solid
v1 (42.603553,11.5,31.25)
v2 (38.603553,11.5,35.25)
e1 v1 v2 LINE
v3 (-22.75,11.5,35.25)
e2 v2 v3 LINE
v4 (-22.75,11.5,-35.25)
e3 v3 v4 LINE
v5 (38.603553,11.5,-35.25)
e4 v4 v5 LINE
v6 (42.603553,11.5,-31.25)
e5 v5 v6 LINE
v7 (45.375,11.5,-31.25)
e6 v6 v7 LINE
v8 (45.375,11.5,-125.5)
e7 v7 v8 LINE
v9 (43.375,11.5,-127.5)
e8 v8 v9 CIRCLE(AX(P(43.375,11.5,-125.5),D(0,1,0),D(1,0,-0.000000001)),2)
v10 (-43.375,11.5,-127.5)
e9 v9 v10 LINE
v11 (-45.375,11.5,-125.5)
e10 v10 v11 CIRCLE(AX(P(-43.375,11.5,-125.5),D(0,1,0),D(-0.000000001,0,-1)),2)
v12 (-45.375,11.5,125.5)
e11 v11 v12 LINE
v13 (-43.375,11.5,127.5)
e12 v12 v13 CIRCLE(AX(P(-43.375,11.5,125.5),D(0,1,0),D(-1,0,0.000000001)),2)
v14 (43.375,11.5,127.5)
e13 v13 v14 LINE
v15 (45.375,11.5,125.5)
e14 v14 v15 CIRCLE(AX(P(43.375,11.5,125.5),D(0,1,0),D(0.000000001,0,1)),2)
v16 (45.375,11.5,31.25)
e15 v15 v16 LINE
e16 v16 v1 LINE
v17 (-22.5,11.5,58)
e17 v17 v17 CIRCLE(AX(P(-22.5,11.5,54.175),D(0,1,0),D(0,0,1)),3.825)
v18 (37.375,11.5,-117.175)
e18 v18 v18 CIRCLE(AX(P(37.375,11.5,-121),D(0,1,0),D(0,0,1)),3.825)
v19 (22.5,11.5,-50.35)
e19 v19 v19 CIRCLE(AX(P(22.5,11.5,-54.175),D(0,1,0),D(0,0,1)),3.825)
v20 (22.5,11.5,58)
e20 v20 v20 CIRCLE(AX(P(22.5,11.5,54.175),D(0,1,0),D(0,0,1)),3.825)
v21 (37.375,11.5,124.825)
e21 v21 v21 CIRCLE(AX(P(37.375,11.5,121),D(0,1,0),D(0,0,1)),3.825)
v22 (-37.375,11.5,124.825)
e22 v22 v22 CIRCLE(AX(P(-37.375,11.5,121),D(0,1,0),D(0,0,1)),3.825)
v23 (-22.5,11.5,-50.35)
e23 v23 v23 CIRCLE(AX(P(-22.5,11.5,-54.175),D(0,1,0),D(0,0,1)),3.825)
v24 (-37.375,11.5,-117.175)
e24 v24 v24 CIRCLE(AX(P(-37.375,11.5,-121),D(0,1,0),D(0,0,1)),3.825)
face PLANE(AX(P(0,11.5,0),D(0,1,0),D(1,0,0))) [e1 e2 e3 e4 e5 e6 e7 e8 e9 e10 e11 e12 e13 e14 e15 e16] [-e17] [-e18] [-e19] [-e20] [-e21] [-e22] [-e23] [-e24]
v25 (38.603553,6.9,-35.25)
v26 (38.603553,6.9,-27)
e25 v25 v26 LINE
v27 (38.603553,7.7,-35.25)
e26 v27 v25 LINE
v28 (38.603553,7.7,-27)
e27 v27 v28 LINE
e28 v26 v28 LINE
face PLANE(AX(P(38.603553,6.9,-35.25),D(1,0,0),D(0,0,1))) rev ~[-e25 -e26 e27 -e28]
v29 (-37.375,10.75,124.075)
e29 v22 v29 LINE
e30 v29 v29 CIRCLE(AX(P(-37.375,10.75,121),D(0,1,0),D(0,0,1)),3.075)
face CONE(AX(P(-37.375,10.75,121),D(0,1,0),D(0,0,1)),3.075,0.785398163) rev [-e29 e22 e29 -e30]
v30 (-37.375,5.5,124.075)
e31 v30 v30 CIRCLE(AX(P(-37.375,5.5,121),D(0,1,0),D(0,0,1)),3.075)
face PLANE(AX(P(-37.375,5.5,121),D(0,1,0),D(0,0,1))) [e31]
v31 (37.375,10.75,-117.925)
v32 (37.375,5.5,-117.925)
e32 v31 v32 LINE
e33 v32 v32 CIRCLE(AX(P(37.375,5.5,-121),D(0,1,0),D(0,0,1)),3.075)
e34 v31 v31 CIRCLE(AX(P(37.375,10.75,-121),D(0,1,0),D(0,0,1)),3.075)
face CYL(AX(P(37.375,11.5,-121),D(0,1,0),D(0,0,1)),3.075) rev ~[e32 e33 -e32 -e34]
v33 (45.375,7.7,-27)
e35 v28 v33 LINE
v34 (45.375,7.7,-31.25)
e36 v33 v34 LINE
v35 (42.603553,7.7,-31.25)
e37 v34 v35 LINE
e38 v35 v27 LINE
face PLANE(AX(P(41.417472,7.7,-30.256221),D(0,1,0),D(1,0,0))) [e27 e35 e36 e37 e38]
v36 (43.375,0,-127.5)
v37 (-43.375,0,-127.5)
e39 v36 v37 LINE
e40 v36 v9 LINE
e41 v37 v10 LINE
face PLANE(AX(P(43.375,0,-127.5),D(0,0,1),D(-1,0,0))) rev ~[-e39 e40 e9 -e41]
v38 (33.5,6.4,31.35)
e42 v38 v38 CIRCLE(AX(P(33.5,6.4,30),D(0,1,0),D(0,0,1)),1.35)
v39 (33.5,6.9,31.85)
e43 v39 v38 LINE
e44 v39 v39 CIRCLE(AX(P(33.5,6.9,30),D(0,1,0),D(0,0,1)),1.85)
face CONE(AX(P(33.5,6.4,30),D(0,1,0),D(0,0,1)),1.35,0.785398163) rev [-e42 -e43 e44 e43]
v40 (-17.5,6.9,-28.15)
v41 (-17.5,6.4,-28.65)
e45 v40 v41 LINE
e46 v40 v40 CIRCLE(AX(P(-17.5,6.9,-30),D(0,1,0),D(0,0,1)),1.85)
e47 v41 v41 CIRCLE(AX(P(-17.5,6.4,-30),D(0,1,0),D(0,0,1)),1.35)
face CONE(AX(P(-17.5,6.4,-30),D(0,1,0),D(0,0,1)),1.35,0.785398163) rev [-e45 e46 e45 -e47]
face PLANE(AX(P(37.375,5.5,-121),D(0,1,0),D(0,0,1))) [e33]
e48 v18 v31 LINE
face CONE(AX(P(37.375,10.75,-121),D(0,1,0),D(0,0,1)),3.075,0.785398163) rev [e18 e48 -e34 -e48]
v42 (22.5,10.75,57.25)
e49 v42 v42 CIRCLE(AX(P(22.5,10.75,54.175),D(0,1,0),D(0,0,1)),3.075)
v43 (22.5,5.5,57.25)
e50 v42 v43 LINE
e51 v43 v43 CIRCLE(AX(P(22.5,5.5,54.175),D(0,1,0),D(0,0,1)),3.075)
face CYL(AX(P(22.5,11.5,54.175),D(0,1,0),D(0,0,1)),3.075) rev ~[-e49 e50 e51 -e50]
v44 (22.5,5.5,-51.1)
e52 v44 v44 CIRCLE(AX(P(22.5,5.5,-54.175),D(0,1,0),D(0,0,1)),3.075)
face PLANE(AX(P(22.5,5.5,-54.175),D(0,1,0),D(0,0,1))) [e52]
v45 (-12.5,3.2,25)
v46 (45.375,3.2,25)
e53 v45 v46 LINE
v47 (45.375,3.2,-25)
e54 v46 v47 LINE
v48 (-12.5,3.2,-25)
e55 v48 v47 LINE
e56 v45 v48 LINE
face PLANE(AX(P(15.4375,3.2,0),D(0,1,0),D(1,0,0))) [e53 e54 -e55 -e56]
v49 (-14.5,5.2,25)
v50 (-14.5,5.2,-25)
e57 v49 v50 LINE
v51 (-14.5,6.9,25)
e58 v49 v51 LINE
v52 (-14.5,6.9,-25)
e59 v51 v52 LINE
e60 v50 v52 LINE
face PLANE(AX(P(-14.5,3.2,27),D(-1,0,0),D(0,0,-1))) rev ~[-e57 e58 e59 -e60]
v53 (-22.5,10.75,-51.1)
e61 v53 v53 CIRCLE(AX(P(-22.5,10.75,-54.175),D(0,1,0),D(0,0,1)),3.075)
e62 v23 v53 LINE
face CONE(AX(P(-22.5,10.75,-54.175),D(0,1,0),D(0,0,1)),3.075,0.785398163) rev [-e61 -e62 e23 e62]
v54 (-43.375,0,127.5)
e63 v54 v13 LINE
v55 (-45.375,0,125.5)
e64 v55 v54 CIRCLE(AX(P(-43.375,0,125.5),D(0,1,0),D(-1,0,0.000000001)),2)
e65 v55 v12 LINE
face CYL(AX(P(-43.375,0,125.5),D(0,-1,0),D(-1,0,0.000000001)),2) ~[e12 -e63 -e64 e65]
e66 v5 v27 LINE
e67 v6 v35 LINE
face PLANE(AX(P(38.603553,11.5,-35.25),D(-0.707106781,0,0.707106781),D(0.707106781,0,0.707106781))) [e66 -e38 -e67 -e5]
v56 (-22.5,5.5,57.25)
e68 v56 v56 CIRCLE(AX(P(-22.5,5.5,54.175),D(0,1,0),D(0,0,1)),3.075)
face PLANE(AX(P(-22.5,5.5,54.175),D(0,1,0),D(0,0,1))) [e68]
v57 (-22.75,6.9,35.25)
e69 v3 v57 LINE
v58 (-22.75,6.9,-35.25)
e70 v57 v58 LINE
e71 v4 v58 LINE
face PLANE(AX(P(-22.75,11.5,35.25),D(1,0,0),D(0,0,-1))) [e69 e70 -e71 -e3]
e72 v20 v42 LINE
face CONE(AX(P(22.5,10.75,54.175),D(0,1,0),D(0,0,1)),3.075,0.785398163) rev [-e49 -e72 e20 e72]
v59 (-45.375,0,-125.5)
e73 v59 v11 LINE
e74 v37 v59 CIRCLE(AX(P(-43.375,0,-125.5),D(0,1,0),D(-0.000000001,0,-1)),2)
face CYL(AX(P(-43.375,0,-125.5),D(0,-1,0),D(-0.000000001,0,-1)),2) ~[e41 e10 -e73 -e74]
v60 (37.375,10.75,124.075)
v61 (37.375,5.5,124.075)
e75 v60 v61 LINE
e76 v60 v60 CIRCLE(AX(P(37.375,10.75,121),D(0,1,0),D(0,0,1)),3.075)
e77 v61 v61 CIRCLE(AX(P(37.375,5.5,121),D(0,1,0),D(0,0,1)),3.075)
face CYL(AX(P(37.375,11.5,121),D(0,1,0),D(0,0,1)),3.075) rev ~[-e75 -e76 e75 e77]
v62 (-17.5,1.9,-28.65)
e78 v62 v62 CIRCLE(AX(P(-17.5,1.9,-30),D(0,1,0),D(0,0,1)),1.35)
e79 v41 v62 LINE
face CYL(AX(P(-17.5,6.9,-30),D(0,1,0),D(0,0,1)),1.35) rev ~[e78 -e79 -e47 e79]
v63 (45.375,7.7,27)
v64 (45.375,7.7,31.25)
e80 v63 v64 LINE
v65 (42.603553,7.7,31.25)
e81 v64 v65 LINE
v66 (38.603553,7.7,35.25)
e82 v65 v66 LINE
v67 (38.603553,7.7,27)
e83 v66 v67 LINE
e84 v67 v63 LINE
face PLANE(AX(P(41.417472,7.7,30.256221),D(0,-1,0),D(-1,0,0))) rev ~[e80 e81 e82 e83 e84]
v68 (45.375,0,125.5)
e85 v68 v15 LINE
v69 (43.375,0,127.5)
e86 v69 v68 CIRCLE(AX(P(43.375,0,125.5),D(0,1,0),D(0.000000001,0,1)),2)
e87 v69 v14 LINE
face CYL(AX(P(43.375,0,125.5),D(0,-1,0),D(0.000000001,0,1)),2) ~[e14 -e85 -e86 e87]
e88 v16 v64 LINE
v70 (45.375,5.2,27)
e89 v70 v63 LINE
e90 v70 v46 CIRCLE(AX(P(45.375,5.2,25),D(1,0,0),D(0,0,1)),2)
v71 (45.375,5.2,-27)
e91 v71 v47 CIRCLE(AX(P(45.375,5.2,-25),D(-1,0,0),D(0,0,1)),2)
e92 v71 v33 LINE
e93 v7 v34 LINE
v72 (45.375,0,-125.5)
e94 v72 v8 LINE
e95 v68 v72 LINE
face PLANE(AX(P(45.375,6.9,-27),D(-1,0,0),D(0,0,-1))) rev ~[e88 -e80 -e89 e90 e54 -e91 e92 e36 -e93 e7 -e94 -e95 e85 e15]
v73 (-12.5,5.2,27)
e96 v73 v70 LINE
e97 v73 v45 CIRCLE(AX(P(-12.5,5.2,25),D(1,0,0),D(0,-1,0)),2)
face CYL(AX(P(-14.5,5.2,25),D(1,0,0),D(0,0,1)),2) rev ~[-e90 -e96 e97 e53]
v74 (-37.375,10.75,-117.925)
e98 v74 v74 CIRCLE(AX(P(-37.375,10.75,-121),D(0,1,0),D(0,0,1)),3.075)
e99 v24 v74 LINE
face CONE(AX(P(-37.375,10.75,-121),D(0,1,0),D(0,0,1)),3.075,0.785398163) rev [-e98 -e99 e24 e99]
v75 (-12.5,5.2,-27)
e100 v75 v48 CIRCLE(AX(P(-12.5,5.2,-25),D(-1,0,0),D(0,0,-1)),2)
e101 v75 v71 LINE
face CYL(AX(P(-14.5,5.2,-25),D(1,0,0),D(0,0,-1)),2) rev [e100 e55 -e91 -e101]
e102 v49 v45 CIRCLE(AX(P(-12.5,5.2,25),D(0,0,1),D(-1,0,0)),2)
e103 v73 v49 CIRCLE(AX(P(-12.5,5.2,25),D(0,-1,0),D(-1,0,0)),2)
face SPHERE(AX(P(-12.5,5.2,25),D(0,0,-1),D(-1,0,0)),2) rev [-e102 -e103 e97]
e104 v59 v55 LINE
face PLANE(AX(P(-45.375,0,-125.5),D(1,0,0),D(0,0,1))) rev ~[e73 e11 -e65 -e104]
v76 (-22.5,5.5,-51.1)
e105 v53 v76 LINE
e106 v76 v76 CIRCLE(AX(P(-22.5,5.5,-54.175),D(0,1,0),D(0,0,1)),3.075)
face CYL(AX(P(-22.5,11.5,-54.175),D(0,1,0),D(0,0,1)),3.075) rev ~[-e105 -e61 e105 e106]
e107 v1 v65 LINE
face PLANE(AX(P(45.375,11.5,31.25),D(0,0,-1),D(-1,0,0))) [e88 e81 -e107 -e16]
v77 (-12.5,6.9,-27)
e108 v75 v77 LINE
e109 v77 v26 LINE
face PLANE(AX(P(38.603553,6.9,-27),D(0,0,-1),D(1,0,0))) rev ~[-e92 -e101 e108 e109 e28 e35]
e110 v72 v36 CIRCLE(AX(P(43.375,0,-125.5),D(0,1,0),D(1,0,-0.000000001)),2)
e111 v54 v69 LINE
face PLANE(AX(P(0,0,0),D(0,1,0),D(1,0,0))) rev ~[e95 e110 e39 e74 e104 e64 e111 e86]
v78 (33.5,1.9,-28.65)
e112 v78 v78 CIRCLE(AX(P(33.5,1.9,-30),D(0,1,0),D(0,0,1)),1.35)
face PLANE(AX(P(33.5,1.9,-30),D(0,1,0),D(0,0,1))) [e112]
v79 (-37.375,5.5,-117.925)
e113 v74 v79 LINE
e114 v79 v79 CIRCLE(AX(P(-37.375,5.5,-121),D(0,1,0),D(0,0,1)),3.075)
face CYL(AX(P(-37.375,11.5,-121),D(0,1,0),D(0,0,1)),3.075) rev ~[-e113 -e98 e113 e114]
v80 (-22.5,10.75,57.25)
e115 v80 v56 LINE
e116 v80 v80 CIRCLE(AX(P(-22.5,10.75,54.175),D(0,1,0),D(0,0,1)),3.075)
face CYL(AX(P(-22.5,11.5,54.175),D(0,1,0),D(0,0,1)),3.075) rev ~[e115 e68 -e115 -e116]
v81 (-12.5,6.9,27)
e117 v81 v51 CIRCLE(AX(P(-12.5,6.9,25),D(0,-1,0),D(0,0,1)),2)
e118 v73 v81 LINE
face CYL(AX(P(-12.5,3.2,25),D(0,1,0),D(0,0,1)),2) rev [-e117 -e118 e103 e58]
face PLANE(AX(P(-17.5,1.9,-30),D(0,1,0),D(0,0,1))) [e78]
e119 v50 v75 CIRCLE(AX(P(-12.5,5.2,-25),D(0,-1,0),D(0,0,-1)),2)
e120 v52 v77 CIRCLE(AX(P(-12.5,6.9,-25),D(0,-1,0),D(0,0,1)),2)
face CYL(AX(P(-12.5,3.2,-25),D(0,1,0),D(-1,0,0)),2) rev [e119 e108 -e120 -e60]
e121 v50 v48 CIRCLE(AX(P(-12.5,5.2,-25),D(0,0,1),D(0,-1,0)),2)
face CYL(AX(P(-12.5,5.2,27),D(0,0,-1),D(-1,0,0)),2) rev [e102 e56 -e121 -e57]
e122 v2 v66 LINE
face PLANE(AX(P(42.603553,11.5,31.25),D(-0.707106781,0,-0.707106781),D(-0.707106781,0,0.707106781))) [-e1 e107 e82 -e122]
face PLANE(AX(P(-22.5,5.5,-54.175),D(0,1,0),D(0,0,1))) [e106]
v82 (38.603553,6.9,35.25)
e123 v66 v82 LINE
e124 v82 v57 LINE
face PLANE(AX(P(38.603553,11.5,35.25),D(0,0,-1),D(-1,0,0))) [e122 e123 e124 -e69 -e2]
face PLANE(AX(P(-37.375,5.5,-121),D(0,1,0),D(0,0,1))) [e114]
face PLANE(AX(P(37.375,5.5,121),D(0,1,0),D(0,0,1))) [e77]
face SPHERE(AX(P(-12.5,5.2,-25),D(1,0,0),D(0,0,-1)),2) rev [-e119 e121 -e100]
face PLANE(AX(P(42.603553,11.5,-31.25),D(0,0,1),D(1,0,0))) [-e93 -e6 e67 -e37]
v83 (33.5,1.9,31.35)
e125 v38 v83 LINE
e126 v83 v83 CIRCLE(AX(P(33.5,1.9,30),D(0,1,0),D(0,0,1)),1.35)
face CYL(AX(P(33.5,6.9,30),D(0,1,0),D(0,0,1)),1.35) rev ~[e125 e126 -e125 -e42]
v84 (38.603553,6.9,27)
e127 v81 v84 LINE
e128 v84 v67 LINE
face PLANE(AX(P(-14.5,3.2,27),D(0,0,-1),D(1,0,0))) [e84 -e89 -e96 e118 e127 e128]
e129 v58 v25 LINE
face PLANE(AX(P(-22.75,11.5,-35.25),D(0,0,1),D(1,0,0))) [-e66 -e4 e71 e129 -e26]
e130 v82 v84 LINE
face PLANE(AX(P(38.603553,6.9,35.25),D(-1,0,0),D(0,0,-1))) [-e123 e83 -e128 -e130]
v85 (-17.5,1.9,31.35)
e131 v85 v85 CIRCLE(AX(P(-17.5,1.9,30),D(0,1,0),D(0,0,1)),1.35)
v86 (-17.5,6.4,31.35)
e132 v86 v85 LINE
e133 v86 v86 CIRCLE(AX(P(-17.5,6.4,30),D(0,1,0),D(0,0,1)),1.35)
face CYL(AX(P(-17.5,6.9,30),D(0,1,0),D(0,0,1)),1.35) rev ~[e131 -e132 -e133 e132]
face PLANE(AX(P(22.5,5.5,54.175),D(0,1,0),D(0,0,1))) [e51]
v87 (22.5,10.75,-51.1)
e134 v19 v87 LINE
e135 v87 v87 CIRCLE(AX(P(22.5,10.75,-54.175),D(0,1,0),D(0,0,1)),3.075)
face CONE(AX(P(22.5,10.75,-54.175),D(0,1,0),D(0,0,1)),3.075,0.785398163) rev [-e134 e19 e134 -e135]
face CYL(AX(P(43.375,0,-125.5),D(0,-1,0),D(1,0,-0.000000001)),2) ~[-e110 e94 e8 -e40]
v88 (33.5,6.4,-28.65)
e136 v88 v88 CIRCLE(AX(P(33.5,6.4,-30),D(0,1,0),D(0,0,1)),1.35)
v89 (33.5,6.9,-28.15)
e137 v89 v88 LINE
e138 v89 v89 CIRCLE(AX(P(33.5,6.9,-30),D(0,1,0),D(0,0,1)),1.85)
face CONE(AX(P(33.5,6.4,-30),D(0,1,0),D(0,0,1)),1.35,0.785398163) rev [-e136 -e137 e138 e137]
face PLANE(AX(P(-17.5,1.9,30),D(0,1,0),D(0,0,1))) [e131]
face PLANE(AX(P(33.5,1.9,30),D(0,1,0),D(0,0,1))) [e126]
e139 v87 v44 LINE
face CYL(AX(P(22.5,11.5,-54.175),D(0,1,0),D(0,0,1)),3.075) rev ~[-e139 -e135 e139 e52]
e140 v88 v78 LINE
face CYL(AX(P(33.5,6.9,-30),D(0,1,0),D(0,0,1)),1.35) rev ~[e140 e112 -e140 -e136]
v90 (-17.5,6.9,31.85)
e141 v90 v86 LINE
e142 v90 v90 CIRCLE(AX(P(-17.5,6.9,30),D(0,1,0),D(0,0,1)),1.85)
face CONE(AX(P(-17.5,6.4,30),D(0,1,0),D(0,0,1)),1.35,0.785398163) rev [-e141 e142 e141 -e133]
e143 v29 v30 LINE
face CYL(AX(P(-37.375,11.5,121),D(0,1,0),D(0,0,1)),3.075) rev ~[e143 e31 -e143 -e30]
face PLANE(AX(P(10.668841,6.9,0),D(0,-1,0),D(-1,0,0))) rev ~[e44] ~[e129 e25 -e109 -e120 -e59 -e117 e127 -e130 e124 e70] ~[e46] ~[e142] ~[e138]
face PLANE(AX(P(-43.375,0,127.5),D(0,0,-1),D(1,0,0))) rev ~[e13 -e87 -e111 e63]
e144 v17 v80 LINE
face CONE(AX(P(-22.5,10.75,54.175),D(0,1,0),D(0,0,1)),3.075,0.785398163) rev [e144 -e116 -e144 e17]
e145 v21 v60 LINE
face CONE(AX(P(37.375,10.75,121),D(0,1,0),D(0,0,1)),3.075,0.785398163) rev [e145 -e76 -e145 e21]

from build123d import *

# Parameters (mm, degrees)
BOSS_EXTRUDE1_DEPTH     = 11.5
SKETCH4_R               = 3.075
CUT_EXTRUDE1_DEPTH      = 6
CUT_EXTRUDE6_DEPTH      = 4.6
CUT_EXTRUDE3_DEPTH      = 136.509227084
CUT_EXTRUDE3_DEPTH_BACK = 3.7
SKETCH24_W              = 59.875
SKETCH24_H              = 54
SKETCH25_R              = 1.35
CUT_EXTRUDE4_DEPTH      = 5
CHAMFER4_SIZE           = 0.5
FILLET1_R               = 2
BOSS_EXTRUDE2_DEPTH     = 0.8
CHAMFER5_SIZE           = 0.75


with BuildPart() as part:
    # Sketch1 → Boss-Extrude1 (new body)
    with BuildSketch(Plane(origin=(0, 0, 0), x_dir=(1, 0, 0), z_dir=(0, 1, 0))):
        with BuildLine():
            Line((-45.375, 112.5), (-45.375, -112.5))
            Line((-45.375, -112.5), (-45.375, -125.5))
            ThreePointArc((-45.375, -125.5), (-44.789213562, -126.914213562), (-43.375, -127.5))
            Line((-43.375, -127.5), (43.375, -127.5))
            ThreePointArc((43.375, -127.5), (44.789213562, -126.914213562), (45.375, -125.5))
            Line((45.375, -125.5), (45.375, -112.5))
            Line((45.375, -112.5), (45.375, 112.5))
            Line((45.375, 112.5), (45.375, 125.5))
            ThreePointArc((45.375, 125.5), (44.789213562, 126.914213562), (43.375, 127.5))
            Line((43.375, 127.5), (-43.375, 127.5))
            ThreePointArc((-43.375, 127.5), (-44.789213562, 126.914213562), (-45.375, 125.5))
            Line((-45.375, 125.5), (-45.375, 112.5))
        make_face()
    extrude(amount=BOSS_EXTRUDE1_DEPTH)

    # Sketch4 → Cut-Extrude1 (cut)
    with BuildSketch(Plane(origin=(0, 11.5, 0), x_dir=(1, 0, 0), z_dir=(0, 1, 0))):
        with Locations(Location((-37.375, -121, 0), (0, 0, 270))):
            Circle(SKETCH4_R)
        with Locations(Location((37.375, -121, 0), (0, 0, 270))):
            Circle(SKETCH4_R)
        with Locations(Location((37.375, 121, 0), (0, 0, 270))):
            Circle(SKETCH4_R)
        with Locations(Location((-37.375, 121, 0), (0, 0, 270))):
            Circle(SKETCH4_R)
        with Locations(Location((-22.5, -54.175, 0), (0, 0, 270))):
            Circle(SKETCH4_R)
        with Locations(Location((22.5, -54.175, 0), (0, 0, 270))):
            Circle(SKETCH4_R)
        with Locations(Location((22.5, 54.175, 0), (0, 0, 270))):
            Circle(SKETCH4_R)
        with Locations(Location((-22.5, 54.175, 0), (0, 0, 270))):
            Circle(SKETCH4_R)
    extrude(amount=-CUT_EXTRUDE1_DEPTH, mode=Mode.SUBTRACT)

    # Sketch21 → Cut-Extrude6 (cut)
    with BuildSketch(Plane(origin=(0, 11.5, 0), x_dir=(1, 0, 0), z_dir=(0, 1, 0))):
        Polygon((45.375, 31), (45.375, -31), (45.375, -31.25), (42.603553391, -31.25), (38.603553391, -35.25), (-22.75, -35.25), (-22.75, 35.25), (38.603553391, 35.25), (42.603553391, 31.25), (45.375, 31.25), align=None)
    extrude(amount=-CUT_EXTRUDE6_DEPTH, mode=Mode.SUBTRACT)

    # Sketch24 → Cut-Extrude3 (cut, two sides: drawn at the far end of the back side and taken through both)
    with BuildSketch(Plane(origin=(0, 6.9, 0), x_dir=(1, 0, 0), z_dir=(0, 1, 0)).offset(-CUT_EXTRUDE3_DEPTH_BACK)):
        with Locations((15.4375, 0)):
            Rectangle(SKETCH24_W, SKETCH24_H)
    extrude(amount=CUT_EXTRUDE3_DEPTH + CUT_EXTRUDE3_DEPTH_BACK, mode=Mode.SUBTRACT)

    # Sketch25 → Cut-Extrude4 (cut)
    with BuildSketch(Plane(origin=(0, 6.9, 0), x_dir=(1, 0, 0), z_dir=(0, 1, 0))):
        with Locations(Location((33.5, 30, 0), (0, 0, 270))):
            Circle(SKETCH25_R)
        with Locations(Location((-17.5, 30, 0), (0, 0, 270))):
            Circle(SKETCH25_R)
        with Locations(Location((33.5, -30, 0), (0, 0, 270))):
            Circle(SKETCH25_R)
        with Locations(Location((-17.5, -30, 0), (0, 0, 270))):
            Circle(SKETCH25_R)
    extrude(amount=-CUT_EXTRUDE4_DEPTH, mode=Mode.SUBTRACT)

    # Chamfer4
    chamfer4_edges = [part.edges().sort_by_distance(p)[0] for p in [
        (-17.5, 6.9, -31.35),
        (33.5, 6.9, 28.65),
        (-17.5, 6.9, 28.65),
        (33.5, 6.9, -31.35),
    ]]
    chamfer(chamfer4_edges, length=CHAMFER4_SIZE)

    # Fillet1
    fillet1_edges = [part.edges().sort_by_distance(p)[0] for p in [
        (15.4375, 3.2, -27),
        (-14.5, 5.05, -27),
        (-14.5, 3.2, 0),
        (-14.5, 5.05, 27),
        (15.4375, 3.2, 27),
    ]]
    fillet(fillet1_edges, radius=FILLET1_R)

    # Sketch26 → Boss-Extrude2 (add)
    with BuildSketch(Plane(origin=(0, 6.9, 0), x_dir=(1, 0, 0), z_dir=(0, 1, 0))):
        Polygon((38.603553391, 35.25), (38.603553391, 27), (45.375, 27), (45.375, 31.25), (42.603553391, 31.25), align=None)
        Polygon((42.603553391, -31.25), (38.603553391, -35.25), (38.603553391, -27), (45.375, -27), (45.375, -31.25), align=None)
    extrude(amount=BOSS_EXTRUDE2_DEPTH)

    # Chamfer5
    chamfer5_edges = [part.edges().sort_by_distance(p)[0] for p in [
        (37.375, 11.5, 117.925),
        (37.375, 11.5, -124.075),
        (-22.5, 11.5, 51.1),
        (22.5, 11.5, 51.1),
        (-22.5, 11.5, -57.25),
        (22.5, 11.5, -57.25),
        (-37.375, 11.5, -124.075),
        (-37.375, 11.5, 117.925),
    ]]
    chamfer(chamfer5_edges, length=CHAMFER5_SIZE)


solid = part.part
